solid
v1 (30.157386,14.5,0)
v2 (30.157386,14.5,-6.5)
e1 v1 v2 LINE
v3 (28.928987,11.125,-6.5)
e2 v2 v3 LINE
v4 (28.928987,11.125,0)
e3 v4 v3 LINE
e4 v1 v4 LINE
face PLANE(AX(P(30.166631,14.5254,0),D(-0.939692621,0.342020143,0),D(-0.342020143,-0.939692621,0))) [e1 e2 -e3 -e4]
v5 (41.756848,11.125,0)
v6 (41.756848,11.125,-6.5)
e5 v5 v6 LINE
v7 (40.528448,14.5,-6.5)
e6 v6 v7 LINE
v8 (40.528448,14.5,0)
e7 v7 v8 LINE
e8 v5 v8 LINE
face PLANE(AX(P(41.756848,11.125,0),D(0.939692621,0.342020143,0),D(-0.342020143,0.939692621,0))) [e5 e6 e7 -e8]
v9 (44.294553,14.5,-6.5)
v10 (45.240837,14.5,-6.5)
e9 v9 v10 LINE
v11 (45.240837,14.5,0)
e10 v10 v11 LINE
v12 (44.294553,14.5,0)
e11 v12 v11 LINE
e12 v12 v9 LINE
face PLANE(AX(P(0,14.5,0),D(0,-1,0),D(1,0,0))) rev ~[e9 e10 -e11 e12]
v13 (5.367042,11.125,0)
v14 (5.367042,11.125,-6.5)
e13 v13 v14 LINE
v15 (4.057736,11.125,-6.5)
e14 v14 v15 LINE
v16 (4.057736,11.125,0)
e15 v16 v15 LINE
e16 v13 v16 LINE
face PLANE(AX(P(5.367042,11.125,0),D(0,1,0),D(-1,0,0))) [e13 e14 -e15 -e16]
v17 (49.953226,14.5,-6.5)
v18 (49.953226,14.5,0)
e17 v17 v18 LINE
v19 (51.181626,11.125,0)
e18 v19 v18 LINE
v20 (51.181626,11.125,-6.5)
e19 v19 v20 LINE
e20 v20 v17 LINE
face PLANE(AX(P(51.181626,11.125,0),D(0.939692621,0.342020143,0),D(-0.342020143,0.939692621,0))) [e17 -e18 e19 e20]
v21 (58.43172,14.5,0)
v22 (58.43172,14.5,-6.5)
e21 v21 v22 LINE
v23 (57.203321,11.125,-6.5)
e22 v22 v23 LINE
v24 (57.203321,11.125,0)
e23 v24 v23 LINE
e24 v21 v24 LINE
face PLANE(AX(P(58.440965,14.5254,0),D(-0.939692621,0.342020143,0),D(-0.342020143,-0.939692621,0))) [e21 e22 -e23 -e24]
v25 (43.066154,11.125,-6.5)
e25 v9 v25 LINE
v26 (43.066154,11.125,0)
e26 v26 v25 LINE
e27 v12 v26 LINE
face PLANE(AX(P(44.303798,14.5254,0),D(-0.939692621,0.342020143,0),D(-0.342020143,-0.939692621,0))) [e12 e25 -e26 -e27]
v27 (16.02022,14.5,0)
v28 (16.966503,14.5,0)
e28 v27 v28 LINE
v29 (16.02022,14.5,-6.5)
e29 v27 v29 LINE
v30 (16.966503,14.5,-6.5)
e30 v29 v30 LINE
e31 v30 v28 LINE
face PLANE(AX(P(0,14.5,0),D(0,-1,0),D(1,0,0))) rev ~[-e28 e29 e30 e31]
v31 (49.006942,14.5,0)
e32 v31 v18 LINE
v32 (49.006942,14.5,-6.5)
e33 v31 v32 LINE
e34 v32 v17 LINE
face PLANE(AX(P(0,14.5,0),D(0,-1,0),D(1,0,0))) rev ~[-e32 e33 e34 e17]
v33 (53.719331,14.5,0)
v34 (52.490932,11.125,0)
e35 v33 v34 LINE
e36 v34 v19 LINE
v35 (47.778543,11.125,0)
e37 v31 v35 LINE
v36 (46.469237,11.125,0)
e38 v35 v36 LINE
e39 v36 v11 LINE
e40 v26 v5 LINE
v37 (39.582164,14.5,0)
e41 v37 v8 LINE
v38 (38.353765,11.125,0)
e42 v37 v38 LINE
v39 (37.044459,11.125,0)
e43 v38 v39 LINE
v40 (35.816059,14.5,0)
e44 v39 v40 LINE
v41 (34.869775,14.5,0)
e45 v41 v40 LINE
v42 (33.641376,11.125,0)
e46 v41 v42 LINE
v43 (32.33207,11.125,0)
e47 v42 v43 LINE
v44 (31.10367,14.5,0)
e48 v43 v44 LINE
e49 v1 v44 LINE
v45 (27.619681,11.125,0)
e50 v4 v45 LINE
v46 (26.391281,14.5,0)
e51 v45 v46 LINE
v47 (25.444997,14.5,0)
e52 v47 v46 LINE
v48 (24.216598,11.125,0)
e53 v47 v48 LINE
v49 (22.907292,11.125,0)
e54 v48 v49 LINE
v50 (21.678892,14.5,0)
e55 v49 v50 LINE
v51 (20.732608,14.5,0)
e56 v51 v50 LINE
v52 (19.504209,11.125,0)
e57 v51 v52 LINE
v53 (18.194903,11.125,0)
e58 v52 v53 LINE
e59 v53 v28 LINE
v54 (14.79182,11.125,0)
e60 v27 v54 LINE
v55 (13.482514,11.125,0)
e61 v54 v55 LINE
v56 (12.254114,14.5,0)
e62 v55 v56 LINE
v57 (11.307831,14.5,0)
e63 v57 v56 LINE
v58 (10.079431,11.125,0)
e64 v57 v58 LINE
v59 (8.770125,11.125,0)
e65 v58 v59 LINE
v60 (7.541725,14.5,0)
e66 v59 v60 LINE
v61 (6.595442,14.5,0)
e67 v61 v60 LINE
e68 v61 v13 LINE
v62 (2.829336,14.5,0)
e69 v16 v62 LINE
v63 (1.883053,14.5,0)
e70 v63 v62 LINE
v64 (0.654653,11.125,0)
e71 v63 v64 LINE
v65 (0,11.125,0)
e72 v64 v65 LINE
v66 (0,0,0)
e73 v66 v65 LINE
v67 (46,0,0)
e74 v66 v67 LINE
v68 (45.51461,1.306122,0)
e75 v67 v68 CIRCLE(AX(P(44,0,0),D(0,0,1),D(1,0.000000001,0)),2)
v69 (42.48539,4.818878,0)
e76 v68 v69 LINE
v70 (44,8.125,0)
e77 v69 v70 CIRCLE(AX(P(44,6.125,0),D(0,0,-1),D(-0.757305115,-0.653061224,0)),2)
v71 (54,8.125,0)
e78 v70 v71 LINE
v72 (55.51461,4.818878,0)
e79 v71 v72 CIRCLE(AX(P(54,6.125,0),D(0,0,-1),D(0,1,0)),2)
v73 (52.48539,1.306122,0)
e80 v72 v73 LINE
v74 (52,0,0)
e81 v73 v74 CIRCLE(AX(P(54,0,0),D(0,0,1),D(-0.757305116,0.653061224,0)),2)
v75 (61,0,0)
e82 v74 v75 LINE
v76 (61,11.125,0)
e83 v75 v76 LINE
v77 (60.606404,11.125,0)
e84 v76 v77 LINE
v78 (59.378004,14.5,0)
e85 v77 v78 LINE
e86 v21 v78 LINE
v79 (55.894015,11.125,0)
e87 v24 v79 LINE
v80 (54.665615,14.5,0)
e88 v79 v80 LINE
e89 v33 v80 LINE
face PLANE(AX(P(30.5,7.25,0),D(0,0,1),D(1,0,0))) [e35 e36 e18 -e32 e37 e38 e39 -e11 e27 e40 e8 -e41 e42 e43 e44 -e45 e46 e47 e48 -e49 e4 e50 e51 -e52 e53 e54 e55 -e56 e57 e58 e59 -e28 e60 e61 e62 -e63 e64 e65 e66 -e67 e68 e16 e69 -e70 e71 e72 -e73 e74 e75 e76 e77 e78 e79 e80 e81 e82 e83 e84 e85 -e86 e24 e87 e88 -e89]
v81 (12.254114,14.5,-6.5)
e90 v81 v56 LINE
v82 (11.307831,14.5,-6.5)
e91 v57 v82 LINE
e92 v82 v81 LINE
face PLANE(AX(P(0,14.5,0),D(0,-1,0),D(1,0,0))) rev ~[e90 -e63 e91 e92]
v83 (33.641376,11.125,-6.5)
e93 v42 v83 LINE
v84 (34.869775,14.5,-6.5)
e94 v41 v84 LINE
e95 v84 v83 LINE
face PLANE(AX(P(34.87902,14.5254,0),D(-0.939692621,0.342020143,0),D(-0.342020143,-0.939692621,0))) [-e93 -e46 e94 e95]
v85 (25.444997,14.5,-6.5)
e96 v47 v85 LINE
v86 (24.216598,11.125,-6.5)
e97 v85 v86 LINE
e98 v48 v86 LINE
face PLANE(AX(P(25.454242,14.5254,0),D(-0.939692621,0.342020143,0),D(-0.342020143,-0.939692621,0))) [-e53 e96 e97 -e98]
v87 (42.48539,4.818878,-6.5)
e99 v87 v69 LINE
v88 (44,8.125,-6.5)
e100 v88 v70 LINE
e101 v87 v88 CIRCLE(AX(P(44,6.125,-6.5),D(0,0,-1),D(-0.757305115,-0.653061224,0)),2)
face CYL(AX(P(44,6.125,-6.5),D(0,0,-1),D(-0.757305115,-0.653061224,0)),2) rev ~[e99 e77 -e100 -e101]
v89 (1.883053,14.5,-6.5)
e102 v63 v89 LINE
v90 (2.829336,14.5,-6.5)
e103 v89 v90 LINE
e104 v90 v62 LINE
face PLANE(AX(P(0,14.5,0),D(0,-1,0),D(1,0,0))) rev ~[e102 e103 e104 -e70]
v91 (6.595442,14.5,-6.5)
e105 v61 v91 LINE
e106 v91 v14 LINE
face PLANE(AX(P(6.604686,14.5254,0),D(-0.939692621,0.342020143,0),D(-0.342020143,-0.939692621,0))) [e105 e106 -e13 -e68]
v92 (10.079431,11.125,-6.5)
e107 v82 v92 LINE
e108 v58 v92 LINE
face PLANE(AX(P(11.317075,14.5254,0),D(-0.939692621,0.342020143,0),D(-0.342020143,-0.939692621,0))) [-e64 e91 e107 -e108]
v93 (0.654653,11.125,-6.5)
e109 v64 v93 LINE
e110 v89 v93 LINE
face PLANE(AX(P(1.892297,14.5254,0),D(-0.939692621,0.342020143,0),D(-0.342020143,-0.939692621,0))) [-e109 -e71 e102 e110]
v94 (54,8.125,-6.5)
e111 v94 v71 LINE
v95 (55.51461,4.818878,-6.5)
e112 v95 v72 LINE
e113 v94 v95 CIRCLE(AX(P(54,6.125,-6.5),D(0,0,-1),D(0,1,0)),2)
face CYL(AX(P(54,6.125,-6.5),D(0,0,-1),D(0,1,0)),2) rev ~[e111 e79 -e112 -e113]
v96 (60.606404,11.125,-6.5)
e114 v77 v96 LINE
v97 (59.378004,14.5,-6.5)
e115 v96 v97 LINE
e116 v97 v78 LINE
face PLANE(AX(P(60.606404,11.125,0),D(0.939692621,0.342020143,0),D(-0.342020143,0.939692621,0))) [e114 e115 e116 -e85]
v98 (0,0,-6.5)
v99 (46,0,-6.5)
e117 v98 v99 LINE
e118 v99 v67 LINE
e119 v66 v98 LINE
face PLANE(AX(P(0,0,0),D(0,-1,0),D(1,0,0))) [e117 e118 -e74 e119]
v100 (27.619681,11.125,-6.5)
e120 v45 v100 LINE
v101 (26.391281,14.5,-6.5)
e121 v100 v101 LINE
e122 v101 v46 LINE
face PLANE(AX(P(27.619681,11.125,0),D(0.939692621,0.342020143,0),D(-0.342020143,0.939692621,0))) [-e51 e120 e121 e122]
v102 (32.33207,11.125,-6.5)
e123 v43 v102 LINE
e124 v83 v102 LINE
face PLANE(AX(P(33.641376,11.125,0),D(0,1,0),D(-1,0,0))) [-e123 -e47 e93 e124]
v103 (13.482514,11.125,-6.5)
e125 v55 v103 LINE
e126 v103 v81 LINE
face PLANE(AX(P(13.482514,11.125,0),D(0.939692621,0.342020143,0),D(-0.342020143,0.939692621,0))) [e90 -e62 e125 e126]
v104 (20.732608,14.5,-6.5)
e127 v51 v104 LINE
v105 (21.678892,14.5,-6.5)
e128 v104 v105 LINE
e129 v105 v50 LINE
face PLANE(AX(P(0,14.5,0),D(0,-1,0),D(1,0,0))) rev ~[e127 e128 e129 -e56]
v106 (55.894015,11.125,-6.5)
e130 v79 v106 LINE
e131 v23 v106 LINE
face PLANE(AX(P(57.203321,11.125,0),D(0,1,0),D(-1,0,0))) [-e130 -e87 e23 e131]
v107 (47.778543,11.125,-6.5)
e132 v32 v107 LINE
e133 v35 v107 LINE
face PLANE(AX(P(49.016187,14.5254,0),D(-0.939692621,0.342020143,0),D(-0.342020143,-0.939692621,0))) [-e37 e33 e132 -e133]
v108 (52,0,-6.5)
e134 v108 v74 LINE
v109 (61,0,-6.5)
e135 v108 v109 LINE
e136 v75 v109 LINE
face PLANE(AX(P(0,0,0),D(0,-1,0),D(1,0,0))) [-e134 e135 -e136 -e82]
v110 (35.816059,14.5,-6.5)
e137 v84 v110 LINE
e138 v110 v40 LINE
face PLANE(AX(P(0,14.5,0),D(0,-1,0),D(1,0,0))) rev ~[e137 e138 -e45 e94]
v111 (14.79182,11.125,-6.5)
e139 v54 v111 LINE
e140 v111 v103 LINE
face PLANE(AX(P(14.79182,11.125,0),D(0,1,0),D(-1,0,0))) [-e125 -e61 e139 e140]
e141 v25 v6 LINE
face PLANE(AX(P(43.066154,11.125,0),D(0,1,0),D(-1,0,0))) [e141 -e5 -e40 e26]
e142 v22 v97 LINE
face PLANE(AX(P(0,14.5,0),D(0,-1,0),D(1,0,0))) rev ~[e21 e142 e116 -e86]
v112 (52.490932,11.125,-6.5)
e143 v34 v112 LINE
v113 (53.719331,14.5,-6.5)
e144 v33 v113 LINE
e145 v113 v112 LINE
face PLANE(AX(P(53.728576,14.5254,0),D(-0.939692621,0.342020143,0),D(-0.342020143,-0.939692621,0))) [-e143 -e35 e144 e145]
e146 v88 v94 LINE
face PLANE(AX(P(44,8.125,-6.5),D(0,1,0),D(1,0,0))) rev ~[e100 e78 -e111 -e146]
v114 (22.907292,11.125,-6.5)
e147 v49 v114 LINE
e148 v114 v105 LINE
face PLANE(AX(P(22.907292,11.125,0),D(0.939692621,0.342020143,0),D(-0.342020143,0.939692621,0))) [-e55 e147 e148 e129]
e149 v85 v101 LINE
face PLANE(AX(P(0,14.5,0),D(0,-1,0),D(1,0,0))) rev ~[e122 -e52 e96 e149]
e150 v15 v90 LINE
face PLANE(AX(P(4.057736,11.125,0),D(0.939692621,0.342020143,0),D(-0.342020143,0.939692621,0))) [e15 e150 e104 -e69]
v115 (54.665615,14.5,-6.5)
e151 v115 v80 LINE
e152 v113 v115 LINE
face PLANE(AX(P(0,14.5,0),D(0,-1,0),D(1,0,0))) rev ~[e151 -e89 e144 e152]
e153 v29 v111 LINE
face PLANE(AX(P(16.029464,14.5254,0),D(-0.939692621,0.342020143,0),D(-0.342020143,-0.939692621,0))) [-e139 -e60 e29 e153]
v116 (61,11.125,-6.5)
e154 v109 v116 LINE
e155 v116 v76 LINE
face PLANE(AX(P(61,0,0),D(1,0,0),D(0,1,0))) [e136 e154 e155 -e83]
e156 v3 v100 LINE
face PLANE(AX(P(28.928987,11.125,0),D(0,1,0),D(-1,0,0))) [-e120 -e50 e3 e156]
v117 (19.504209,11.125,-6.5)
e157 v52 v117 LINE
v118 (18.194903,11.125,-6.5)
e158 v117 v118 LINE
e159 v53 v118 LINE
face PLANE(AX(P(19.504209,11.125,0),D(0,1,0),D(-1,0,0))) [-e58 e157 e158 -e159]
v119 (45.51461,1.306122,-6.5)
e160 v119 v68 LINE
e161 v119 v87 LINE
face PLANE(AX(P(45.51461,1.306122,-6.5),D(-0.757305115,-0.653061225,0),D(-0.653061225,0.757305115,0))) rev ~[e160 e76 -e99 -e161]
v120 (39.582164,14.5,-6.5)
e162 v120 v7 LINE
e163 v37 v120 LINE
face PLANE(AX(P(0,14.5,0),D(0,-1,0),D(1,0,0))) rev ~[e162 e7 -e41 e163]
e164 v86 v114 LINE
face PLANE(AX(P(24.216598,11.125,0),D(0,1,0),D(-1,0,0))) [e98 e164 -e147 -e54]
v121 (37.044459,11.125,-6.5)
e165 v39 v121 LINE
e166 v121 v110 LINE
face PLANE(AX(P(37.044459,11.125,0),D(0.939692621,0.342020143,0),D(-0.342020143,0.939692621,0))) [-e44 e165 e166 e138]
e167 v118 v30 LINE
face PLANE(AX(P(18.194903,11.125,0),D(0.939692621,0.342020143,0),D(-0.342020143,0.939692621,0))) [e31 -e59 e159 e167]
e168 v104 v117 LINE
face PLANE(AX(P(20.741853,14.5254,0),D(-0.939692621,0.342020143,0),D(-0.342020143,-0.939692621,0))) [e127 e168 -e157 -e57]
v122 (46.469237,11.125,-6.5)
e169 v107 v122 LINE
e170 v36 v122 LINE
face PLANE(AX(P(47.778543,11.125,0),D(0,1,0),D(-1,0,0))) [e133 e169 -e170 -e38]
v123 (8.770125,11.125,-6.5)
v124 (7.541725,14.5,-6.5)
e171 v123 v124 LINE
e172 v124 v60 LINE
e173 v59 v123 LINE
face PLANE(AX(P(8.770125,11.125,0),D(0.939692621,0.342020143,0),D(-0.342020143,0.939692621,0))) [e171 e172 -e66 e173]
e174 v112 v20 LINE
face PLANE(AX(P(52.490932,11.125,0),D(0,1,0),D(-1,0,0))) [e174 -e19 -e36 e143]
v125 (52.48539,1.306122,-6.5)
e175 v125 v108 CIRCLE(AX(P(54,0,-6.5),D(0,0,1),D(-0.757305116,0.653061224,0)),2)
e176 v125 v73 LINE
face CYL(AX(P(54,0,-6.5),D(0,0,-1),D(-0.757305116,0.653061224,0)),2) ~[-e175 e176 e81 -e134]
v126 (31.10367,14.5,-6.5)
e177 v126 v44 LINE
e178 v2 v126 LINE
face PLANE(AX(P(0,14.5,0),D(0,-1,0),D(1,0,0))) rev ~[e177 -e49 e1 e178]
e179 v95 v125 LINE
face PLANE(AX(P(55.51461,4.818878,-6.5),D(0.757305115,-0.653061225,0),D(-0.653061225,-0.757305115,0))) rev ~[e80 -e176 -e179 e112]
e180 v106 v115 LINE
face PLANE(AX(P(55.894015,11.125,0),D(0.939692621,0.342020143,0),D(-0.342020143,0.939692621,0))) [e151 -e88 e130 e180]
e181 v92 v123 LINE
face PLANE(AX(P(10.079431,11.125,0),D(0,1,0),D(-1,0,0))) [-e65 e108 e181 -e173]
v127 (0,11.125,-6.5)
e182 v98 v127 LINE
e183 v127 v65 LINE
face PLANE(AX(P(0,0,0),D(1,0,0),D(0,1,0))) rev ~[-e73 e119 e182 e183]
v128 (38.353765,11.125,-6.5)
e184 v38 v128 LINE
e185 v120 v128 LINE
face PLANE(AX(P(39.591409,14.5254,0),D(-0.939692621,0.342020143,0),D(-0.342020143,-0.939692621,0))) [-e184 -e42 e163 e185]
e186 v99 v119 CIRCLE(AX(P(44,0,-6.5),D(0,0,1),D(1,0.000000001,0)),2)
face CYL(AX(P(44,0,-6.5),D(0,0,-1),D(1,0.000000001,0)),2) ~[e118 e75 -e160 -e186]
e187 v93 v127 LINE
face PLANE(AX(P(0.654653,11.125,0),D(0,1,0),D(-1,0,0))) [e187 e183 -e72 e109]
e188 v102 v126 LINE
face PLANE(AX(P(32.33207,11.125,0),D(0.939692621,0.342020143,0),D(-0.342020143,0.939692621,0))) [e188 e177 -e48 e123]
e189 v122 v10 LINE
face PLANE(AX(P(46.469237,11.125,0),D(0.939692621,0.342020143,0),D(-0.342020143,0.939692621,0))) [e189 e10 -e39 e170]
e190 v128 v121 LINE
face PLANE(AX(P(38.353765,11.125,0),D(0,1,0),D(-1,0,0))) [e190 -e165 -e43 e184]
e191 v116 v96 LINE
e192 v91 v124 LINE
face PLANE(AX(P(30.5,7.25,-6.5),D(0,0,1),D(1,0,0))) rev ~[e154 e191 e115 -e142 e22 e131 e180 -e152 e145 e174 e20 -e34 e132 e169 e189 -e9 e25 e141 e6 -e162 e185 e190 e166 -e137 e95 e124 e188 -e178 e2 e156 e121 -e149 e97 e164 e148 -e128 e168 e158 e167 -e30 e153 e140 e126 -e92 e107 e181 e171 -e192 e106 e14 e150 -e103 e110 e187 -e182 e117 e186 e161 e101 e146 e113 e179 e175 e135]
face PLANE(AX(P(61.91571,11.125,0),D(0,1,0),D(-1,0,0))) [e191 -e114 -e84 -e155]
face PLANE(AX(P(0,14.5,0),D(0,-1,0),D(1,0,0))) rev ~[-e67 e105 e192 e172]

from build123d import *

# Parameters (mm, degrees)
BLANKSKE_W         = 61
BLANKSKE_H         = 14.5
BLANK_DEPTH        = 6.5
TOOTHCUTSIM_DEPTH  = 64.035704168
TEETHCUTS_COUNT    = 14
TEETHCUTS_PITCH    = 4.712388975
CUT_EXTRUDE1_DEPTH = 6.5


with BuildPart() as part:
    # BlankSke → Blank (new body)
    with BuildSketch(Plane.XY):
        with Locations((30.5, 7.25)):
            Rectangle(BLANKSKE_W, BLANKSKE_H)
    extrude(amount=-BLANK_DEPTH)

    # TooCutSkeSim → ToothCutSim (cut, through all)
    with BuildSketch(Plane.XY):
        Polygon((0.654653055, 11.125), (-0.654653055, 11.125), (-1.892297439, 14.5254), (1.892297439, 14.5254), align=None)
    toothcutsim = extrude(amount=-TOOTHCUTSIM_DEPTH, mode=Mode.SUBTRACT)

    # TeethCuts: ToothCutSim ×14
    with Locations(*[(i * TEETHCUTS_PITCH, 0, 0) for i in range(1, TEETHCUTS_COUNT)]):
        add(toothcutsim, mode=Mode.SUBTRACT)

    # Sketch1 → Cut-Extrude1 (cut)
    with BuildSketch(Plane(origin=(0, 0, -6.5), x_dir=(-1, 0, 0), z_dir=(0, 0, -1))):
        with BuildLine():
            Line((-44, 8.125), (-54, 8.125))
            ThreePointArc((-54, 8.125), (-55.81827458, 6.957993128), (-55.51461023, 4.818877551))
            Line((-55.51461023, 4.818877551), (-52.48538977, 1.306122449))
            ThreePointArc((-52.48538977, 1.306122449), (-52.125270625, 0.696699196), (-52, 0))
            Line((-52, 0), (-46, 0))
            ThreePointArc((-46, 0), (-45.874729375, 0.696699196), (-45.51461023, 1.306122449))
            Line((-45.51461023, 1.306122449), (-42.48538977, 4.818877551))
            ThreePointArc((-42.48538977, 4.818877551), (-42.18172542, 6.957993128), (-44, 8.125))
        make_face()
    extrude(amount=-CUT_EXTRUDE1_DEPTH, mode=Mode.SUBTRACT)


solid = part.part
